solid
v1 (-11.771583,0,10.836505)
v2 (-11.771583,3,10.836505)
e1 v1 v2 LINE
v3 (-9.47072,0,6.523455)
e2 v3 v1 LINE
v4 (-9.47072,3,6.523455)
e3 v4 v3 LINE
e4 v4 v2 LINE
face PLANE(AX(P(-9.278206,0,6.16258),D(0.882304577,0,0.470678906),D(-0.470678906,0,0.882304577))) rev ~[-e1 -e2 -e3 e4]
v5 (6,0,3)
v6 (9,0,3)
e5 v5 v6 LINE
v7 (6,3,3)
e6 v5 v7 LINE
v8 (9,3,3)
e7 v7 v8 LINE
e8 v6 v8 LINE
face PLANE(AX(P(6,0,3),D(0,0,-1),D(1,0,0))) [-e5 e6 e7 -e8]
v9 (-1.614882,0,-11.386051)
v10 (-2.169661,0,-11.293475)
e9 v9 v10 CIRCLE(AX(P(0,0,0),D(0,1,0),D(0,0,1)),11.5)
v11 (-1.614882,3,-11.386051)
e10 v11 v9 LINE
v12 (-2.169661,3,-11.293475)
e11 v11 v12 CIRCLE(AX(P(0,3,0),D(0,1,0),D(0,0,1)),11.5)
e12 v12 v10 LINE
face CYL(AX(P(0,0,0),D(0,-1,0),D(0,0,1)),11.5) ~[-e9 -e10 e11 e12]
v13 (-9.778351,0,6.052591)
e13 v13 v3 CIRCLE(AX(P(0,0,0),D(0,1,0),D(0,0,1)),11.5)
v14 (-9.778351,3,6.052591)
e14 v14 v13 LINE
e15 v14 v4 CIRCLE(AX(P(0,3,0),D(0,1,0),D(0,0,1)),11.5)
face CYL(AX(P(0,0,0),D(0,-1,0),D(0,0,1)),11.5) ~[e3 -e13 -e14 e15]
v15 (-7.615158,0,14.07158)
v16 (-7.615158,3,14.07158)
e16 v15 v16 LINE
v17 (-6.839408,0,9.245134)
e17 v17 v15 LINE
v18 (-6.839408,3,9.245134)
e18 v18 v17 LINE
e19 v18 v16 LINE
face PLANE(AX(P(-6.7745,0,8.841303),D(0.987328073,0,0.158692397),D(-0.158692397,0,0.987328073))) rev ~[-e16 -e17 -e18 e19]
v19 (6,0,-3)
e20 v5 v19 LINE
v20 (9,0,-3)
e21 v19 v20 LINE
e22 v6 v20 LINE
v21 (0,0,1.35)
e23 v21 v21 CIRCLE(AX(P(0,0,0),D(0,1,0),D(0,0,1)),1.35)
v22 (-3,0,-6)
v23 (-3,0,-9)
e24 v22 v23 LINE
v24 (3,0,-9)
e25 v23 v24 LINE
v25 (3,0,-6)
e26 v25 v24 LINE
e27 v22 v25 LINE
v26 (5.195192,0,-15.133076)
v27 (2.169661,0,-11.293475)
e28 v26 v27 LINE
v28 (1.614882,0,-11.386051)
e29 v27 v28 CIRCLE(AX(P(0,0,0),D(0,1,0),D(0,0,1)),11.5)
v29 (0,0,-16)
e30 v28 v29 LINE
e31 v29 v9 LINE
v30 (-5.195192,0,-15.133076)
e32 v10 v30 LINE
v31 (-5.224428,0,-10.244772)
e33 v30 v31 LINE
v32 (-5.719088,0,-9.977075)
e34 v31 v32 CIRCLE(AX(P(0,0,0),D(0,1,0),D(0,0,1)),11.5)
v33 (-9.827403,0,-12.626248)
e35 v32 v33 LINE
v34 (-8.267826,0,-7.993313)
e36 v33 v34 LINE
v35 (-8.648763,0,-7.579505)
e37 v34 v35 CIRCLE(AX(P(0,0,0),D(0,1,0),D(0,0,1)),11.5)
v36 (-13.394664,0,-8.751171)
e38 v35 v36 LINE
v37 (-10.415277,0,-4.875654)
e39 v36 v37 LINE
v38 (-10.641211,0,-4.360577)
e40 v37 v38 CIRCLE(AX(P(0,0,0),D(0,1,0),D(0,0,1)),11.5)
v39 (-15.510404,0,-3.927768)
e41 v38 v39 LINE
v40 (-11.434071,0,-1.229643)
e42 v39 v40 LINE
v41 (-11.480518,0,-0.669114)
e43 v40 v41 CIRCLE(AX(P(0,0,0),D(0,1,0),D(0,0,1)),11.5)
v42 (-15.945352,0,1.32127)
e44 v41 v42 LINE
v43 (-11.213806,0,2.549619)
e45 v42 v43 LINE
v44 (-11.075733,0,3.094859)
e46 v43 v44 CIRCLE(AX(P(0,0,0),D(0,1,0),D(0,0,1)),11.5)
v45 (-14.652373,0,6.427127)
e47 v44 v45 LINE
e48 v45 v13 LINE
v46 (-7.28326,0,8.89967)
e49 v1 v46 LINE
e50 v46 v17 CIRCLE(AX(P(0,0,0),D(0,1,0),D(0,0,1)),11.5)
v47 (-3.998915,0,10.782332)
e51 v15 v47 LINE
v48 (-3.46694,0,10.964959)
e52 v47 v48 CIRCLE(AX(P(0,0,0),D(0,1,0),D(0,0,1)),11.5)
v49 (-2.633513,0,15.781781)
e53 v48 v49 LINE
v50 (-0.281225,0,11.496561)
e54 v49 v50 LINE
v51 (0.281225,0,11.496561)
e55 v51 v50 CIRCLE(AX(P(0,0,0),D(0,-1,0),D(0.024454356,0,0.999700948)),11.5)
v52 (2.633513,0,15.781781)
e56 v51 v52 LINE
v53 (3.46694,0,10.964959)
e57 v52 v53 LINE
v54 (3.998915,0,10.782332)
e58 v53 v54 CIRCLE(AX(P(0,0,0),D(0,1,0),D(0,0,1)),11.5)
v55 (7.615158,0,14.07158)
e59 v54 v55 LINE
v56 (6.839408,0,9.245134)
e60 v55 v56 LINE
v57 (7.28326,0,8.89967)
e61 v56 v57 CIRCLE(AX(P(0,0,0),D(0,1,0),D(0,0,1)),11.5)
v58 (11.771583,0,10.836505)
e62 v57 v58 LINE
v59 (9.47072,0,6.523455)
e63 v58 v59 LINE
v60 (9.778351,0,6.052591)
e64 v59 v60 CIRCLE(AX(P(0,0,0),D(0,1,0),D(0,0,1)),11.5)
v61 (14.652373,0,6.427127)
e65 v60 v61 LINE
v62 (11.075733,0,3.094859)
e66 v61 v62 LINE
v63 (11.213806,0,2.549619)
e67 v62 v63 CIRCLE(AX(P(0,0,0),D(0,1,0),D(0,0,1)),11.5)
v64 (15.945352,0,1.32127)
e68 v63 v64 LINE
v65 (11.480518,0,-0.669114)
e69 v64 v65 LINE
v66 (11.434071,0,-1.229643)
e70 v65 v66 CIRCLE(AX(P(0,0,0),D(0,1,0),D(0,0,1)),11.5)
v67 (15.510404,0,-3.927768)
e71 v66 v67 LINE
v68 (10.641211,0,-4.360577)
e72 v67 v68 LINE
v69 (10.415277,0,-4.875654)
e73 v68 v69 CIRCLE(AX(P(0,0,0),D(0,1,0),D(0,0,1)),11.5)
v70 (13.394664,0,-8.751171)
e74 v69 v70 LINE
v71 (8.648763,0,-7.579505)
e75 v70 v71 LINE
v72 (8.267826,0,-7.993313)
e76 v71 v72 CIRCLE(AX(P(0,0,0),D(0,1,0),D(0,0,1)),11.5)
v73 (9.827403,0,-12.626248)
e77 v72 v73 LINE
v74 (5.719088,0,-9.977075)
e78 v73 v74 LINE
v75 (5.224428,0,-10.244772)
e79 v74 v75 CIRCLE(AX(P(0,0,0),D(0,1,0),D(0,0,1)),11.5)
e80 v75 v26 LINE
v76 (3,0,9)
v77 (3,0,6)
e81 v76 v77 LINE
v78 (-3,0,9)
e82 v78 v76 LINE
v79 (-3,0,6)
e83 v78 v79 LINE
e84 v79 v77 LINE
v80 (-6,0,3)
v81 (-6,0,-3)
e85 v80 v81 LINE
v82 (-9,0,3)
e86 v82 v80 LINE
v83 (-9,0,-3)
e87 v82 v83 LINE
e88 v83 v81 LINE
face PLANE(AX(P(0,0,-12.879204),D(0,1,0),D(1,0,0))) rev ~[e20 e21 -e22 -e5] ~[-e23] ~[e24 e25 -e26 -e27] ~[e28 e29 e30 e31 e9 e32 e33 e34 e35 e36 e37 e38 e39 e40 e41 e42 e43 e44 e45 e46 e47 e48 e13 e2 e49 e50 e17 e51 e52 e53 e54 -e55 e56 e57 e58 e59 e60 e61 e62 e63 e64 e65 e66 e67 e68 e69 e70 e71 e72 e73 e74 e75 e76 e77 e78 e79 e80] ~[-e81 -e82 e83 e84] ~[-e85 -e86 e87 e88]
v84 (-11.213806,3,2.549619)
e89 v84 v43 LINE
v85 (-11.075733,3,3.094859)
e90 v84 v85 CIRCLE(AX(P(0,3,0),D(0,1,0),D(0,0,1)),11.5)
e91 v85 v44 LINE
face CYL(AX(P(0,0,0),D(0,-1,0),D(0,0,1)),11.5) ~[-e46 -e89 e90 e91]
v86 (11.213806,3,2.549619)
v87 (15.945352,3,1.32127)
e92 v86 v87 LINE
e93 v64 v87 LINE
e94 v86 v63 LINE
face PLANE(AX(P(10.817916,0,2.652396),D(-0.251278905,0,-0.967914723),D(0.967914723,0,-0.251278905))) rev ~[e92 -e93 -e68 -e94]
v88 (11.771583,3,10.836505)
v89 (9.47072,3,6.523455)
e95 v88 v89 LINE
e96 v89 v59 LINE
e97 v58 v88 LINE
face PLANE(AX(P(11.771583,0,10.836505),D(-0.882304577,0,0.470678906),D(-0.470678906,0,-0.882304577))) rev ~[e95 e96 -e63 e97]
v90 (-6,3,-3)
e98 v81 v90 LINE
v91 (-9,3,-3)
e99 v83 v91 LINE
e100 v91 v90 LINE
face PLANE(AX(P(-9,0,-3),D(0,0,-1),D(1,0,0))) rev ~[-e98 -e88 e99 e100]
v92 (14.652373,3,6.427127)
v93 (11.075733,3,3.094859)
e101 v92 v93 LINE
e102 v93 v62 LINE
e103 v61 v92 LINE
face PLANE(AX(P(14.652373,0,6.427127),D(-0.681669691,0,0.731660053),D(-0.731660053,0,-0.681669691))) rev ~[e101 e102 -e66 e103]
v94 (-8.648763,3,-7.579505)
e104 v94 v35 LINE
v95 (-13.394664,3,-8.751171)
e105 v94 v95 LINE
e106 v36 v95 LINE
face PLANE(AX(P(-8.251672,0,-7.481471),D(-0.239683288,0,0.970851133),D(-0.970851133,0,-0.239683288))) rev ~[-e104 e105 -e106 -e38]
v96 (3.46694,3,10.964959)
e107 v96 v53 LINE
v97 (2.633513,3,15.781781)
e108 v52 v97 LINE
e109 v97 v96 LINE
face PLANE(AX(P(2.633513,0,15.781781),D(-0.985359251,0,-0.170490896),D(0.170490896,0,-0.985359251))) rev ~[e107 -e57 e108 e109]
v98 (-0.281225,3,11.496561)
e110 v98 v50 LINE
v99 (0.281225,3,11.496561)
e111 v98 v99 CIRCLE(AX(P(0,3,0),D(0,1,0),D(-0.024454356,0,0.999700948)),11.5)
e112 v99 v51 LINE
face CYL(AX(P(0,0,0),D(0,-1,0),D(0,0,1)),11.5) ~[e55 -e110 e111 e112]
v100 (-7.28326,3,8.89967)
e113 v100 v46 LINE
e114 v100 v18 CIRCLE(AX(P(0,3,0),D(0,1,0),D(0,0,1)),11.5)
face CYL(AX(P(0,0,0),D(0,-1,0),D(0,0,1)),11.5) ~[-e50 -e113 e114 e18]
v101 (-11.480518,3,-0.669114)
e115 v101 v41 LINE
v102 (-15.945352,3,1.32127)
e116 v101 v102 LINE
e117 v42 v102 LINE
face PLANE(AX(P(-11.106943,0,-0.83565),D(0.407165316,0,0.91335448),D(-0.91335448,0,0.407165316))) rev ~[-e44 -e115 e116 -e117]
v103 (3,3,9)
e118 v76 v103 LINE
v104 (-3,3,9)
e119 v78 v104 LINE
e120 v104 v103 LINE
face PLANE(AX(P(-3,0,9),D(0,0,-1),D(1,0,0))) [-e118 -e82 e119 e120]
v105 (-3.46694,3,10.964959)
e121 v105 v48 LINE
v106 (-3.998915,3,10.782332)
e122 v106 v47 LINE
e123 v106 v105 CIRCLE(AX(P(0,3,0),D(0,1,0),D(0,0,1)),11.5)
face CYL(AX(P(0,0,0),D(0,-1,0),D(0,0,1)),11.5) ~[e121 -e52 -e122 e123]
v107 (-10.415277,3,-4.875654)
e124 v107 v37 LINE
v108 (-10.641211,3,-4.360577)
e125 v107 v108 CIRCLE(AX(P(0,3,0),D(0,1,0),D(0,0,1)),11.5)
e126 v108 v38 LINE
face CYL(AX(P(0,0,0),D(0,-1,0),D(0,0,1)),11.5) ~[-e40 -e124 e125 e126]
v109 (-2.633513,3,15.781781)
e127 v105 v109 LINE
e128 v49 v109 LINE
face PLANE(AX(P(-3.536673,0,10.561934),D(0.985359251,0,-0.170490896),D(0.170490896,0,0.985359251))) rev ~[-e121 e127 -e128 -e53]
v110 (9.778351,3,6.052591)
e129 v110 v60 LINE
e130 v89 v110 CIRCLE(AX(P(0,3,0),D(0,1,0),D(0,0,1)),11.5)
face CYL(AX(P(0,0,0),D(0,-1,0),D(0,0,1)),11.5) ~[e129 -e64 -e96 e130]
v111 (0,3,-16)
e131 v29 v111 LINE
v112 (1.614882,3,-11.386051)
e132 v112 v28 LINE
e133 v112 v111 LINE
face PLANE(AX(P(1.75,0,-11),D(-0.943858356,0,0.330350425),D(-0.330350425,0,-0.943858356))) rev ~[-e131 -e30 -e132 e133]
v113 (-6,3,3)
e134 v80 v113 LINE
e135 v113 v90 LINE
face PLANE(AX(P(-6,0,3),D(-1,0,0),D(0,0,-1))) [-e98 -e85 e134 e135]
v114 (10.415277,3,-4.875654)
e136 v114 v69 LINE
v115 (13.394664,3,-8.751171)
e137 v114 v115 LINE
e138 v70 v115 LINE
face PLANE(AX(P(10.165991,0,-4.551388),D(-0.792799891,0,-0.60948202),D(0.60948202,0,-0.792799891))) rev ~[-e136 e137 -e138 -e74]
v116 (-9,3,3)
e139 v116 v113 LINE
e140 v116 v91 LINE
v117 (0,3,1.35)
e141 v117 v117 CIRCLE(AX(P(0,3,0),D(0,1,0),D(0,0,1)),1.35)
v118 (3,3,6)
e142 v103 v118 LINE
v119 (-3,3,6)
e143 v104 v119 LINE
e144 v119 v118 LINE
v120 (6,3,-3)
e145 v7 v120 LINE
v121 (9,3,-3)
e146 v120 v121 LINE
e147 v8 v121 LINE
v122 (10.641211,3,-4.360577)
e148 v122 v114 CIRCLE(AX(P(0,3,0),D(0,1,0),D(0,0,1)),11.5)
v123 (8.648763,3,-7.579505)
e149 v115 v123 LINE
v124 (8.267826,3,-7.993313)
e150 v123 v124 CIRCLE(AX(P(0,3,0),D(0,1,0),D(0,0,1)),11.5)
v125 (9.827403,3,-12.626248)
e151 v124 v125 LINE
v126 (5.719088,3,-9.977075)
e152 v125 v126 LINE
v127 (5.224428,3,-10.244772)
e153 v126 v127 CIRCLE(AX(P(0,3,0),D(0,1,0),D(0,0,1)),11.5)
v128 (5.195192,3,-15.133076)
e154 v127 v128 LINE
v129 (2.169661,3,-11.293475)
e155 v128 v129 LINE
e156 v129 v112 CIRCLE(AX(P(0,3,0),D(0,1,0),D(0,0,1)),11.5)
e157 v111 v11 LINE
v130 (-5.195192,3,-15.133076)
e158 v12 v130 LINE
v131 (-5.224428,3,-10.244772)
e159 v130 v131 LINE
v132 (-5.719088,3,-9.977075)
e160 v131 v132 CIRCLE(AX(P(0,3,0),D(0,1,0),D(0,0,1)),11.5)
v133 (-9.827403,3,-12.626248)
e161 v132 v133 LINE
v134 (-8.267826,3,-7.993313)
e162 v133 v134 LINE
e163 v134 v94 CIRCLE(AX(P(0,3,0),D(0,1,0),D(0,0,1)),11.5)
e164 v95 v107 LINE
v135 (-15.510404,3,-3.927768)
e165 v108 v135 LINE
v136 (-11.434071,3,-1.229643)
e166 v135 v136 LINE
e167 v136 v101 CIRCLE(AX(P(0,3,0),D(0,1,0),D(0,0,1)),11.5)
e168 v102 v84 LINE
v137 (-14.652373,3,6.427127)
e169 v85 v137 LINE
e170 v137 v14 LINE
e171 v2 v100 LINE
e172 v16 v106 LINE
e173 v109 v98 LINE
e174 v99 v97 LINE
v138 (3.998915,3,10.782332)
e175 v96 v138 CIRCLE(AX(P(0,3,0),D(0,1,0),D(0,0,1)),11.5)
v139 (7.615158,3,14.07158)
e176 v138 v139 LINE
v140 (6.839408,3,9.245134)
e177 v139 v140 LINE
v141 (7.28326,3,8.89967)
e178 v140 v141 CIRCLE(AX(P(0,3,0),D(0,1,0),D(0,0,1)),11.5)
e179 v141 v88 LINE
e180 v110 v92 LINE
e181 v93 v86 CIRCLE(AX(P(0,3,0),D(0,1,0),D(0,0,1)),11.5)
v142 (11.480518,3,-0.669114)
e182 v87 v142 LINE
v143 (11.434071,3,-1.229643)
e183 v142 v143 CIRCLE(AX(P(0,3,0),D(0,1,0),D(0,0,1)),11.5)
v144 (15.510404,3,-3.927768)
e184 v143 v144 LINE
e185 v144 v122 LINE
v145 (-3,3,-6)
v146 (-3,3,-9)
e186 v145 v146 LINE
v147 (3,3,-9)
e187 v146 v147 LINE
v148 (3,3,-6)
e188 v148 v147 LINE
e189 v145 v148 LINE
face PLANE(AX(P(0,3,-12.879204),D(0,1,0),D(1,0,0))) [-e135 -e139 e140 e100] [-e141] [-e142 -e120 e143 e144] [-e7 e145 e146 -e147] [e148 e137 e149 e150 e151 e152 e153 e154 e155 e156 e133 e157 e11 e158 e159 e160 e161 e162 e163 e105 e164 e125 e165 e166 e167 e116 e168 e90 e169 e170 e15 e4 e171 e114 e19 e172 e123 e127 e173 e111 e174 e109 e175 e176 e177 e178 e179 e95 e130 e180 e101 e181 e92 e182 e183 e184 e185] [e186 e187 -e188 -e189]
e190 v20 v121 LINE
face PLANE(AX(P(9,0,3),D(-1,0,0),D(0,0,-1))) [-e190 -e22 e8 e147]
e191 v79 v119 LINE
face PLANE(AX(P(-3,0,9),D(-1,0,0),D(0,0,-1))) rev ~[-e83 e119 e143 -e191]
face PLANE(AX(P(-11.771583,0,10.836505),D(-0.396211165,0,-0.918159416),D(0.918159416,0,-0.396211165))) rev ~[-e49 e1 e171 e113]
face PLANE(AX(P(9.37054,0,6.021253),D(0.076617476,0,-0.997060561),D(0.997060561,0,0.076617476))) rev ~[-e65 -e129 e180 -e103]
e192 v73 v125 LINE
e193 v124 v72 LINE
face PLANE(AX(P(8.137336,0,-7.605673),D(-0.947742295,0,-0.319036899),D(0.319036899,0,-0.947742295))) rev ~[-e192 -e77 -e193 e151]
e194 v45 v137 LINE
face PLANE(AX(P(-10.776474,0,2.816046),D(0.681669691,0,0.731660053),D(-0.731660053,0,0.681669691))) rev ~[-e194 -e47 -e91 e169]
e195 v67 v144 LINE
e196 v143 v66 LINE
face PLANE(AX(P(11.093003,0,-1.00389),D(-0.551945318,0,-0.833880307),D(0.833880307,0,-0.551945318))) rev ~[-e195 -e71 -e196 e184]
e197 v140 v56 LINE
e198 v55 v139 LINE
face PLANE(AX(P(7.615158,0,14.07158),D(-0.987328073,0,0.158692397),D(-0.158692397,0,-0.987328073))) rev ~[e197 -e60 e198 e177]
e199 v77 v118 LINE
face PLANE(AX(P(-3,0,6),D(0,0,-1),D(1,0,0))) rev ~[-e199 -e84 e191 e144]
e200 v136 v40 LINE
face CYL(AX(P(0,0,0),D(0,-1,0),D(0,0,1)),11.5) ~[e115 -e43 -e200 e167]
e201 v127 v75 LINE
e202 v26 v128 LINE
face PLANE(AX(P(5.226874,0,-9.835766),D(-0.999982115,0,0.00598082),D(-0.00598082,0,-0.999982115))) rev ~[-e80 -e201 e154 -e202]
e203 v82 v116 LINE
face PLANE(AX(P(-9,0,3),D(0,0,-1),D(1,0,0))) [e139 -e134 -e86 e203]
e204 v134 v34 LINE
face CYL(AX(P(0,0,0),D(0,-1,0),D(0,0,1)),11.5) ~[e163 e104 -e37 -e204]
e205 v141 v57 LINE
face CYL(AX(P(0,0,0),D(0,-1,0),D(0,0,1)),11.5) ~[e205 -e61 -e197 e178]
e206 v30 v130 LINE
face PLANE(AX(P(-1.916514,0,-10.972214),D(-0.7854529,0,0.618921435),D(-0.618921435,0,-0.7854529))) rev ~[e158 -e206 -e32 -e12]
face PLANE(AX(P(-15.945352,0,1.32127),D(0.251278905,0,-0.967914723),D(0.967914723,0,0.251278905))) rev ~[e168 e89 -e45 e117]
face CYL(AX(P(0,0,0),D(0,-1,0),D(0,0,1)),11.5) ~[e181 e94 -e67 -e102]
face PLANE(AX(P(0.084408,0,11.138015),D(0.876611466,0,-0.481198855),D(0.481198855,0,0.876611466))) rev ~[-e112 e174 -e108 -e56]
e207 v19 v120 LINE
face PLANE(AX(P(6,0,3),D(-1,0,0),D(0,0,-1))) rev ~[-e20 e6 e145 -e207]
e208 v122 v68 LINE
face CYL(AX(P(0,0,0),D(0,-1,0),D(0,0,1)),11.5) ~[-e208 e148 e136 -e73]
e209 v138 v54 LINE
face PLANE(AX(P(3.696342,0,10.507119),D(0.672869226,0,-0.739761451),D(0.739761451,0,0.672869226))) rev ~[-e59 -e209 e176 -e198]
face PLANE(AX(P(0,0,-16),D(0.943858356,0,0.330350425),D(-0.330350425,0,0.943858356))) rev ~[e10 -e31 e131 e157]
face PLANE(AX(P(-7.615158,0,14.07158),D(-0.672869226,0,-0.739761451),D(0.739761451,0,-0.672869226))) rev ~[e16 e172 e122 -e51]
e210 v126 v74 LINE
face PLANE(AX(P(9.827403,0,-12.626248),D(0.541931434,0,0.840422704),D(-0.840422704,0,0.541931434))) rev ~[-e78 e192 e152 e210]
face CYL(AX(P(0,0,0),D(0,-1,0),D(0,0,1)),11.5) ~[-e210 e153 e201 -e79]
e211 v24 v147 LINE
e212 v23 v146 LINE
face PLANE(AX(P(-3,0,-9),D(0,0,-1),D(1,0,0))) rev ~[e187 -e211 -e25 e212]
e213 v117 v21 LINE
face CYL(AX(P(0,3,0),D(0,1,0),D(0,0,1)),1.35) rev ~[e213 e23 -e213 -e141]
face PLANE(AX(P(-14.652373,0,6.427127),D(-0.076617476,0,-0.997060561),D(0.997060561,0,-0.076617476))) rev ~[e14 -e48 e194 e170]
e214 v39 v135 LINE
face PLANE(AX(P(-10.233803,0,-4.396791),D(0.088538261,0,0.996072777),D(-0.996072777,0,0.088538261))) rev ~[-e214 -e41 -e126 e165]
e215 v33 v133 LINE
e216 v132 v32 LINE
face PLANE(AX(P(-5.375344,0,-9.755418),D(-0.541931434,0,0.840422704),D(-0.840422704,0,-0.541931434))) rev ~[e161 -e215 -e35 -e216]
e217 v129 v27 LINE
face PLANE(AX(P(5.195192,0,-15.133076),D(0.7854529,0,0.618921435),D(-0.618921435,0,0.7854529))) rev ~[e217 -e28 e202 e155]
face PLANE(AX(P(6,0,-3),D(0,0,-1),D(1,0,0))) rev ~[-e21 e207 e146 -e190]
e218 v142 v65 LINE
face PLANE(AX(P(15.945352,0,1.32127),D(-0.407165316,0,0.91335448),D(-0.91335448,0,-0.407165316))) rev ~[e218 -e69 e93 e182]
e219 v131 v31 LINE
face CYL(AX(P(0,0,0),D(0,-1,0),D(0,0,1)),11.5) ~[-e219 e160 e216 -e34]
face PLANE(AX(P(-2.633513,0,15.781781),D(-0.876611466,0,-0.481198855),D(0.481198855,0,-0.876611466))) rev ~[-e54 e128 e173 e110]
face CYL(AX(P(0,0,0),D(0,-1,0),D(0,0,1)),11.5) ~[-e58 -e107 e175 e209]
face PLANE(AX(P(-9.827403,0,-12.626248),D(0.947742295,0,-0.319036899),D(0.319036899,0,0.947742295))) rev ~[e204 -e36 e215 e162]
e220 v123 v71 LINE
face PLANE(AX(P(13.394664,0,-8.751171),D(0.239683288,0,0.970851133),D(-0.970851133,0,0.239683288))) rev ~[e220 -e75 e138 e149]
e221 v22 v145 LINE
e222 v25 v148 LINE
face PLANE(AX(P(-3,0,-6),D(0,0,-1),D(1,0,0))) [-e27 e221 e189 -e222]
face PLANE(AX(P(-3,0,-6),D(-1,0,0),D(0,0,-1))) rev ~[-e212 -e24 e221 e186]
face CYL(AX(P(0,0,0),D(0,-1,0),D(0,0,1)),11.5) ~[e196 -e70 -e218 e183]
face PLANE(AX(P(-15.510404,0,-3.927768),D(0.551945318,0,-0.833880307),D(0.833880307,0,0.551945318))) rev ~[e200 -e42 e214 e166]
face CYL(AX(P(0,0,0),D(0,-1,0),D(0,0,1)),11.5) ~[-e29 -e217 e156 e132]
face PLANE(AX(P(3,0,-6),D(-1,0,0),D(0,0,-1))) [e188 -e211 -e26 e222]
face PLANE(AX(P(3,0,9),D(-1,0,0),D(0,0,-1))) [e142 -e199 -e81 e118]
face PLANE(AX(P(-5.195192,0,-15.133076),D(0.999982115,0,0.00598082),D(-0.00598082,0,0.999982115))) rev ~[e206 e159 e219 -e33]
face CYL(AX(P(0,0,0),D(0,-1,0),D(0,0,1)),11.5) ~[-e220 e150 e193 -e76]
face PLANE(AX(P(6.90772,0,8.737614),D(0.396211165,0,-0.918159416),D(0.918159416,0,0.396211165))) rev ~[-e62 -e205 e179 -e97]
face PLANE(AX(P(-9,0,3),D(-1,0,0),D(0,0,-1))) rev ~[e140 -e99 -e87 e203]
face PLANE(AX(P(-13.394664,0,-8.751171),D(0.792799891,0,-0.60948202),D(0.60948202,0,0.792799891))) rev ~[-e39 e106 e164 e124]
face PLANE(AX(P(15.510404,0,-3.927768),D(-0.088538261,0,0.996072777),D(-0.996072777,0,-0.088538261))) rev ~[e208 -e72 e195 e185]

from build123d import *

# Parameters (mm, degrees)
SKETCH5_R           = 11.5
BOSS_EXTRUDE2_DEPTH = 3
BOSS_EXTRUDE1_DEPTH = 3
SKETCH3_W           = 6
SKETCH3_H           = 3
SKETCH3_W_2         = 3
SKETCH3_H_2         = 6
CUT_EXTRUDE1_DEPTH  = 3
SKETCH6_R           = 1.35
CUT_EXTRUDE3_DEPTH  = 3


with BuildPart() as part:
    # Sketch5 → Boss-Extrude2 (new body)
    with BuildSketch(Plane(origin=(0, 0, 0), x_dir=(1, 0, 0), z_dir=(0, 1, 0))):
        with Locations(Location((0, 0, 0), (0, 0, 270))):
            Circle(SKETCH5_R)
    extrude(amount=BOSS_EXTRUDE2_DEPTH)

    # Sketch1 → Boss-Extrude1 (add)
    with BuildSketch(Plane(origin=(0, 0, 0), x_dir=(1, 0, 0), z_dir=(0, 1, 0))):
        Polygon((0, 16), (-1.75, 11), (1.75, 11), align=None)
        Polygon((5.195191507, 15.133075867), (1.916513988, 10.97221373), (5.226874334, 9.835765588), align=None)
        Polygon((9.827403403, 12.62624815), (5.375343948, 9.755417851), (8.137335731, 7.605673356), align=None)
        Polygon((13.394663652, 8.75117053), (8.251671984, 7.481471076), (10.165990538, 4.551388402), align=None)
        Polygon((15.510404255, 3.927767794), (10.233803323, 4.396790824), (11.093002528, 1.003889893), align=None)
        Polygon((15.945351888, -1.321269528), (11.106943278, 0.835650063), (10.817915568, -2.652395663), align=None)
        Polygon((14.652373226, -6.427126794), (10.776473586, -2.81604635), (9.3705396, -6.021252993), align=None)
        Polygon((11.771582571, -10.836505146), (9.278205768, -6.162580444), (6.907720267, -8.737614132), align=None)
        Polygon((7.615158289, -14.071580019), (6.774500388, -8.841303325), (3.696342259, -10.507119201), align=None)
        Polygon((2.633513444, -15.781780854), (3.536672774, -10.561933804), (0.084408212, -11.13801487), align=None)
        Polygon((-2.633513444, -15.781780854), (-0.084408212, -11.13801487), (-3.536672774, -10.561933804), align=None)
        Polygon((-7.615158289, -14.071580019), (-3.696342259, -10.507119201), (-6.774500388, -8.841303325), align=None)
        Polygon((-11.771582571, -10.836505146), (-6.907720267, -8.737614132), (-9.278205768, -6.162580444), align=None)
        Polygon((-14.652373226, -6.427126794), (-9.3705396, -6.021252993), (-10.776473586, -2.81604635), align=None)
        Polygon((-15.945351888, -1.321269528), (-10.817915568, -2.652395663), (-11.106943278, 0.835650063), align=None)
        Polygon((-15.510404255, 3.927767794), (-11.093002528, 1.003889893), (-10.233803323, 4.396790824), align=None)
        Polygon((-13.394663652, 8.75117053), (-10.165990538, 4.551388402), (-8.251671984, 7.481471076), align=None)
        Polygon((-9.827403403, 12.62624815), (-8.137335731, 7.605673356), (-5.375343948, 9.755417851), align=None)
        Polygon((-5.195191507, 15.133075867), (-5.226874334, 9.835765588), (-1.916513988, 10.97221373), align=None)
    extrude(amount=BOSS_EXTRUDE1_DEPTH)

    # Sketch3 → Cut-Extrude1 (cut)
    with BuildSketch(Plane(origin=(0, 0, 0), x_dir=(1, 0, 0), z_dir=(0, 1, 0))):
        with Locations((0, 7.5)):
            Rectangle(SKETCH3_W, SKETCH3_H)
        with Locations((7.5, 0)):
            Rectangle(SKETCH3_W_2, SKETCH3_H_2)
        with Locations((0, -7.5)):
            Rectangle(SKETCH3_W, SKETCH3_H)
        with Locations((-7.5, 0)):
            Rectangle(SKETCH3_W_2, SKETCH3_H_2)
    extrude(amount=CUT_EXTRUDE1_DEPTH, mode=Mode.SUBTRACT)

    # Sketch6 → Cut-Extrude3 (cut)
    with BuildSketch(Plane(origin=(0, 3, 0), x_dir=(1, 0, 0), z_dir=(0, 1, 0))):
        with Locations(Location((0, 0, 0), (0, 0, 270))):
            Circle(SKETCH6_R)
    extrude(amount=-CUT_EXTRUDE3_DEPTH, mode=Mode.SUBTRACT)


solid = part.part
